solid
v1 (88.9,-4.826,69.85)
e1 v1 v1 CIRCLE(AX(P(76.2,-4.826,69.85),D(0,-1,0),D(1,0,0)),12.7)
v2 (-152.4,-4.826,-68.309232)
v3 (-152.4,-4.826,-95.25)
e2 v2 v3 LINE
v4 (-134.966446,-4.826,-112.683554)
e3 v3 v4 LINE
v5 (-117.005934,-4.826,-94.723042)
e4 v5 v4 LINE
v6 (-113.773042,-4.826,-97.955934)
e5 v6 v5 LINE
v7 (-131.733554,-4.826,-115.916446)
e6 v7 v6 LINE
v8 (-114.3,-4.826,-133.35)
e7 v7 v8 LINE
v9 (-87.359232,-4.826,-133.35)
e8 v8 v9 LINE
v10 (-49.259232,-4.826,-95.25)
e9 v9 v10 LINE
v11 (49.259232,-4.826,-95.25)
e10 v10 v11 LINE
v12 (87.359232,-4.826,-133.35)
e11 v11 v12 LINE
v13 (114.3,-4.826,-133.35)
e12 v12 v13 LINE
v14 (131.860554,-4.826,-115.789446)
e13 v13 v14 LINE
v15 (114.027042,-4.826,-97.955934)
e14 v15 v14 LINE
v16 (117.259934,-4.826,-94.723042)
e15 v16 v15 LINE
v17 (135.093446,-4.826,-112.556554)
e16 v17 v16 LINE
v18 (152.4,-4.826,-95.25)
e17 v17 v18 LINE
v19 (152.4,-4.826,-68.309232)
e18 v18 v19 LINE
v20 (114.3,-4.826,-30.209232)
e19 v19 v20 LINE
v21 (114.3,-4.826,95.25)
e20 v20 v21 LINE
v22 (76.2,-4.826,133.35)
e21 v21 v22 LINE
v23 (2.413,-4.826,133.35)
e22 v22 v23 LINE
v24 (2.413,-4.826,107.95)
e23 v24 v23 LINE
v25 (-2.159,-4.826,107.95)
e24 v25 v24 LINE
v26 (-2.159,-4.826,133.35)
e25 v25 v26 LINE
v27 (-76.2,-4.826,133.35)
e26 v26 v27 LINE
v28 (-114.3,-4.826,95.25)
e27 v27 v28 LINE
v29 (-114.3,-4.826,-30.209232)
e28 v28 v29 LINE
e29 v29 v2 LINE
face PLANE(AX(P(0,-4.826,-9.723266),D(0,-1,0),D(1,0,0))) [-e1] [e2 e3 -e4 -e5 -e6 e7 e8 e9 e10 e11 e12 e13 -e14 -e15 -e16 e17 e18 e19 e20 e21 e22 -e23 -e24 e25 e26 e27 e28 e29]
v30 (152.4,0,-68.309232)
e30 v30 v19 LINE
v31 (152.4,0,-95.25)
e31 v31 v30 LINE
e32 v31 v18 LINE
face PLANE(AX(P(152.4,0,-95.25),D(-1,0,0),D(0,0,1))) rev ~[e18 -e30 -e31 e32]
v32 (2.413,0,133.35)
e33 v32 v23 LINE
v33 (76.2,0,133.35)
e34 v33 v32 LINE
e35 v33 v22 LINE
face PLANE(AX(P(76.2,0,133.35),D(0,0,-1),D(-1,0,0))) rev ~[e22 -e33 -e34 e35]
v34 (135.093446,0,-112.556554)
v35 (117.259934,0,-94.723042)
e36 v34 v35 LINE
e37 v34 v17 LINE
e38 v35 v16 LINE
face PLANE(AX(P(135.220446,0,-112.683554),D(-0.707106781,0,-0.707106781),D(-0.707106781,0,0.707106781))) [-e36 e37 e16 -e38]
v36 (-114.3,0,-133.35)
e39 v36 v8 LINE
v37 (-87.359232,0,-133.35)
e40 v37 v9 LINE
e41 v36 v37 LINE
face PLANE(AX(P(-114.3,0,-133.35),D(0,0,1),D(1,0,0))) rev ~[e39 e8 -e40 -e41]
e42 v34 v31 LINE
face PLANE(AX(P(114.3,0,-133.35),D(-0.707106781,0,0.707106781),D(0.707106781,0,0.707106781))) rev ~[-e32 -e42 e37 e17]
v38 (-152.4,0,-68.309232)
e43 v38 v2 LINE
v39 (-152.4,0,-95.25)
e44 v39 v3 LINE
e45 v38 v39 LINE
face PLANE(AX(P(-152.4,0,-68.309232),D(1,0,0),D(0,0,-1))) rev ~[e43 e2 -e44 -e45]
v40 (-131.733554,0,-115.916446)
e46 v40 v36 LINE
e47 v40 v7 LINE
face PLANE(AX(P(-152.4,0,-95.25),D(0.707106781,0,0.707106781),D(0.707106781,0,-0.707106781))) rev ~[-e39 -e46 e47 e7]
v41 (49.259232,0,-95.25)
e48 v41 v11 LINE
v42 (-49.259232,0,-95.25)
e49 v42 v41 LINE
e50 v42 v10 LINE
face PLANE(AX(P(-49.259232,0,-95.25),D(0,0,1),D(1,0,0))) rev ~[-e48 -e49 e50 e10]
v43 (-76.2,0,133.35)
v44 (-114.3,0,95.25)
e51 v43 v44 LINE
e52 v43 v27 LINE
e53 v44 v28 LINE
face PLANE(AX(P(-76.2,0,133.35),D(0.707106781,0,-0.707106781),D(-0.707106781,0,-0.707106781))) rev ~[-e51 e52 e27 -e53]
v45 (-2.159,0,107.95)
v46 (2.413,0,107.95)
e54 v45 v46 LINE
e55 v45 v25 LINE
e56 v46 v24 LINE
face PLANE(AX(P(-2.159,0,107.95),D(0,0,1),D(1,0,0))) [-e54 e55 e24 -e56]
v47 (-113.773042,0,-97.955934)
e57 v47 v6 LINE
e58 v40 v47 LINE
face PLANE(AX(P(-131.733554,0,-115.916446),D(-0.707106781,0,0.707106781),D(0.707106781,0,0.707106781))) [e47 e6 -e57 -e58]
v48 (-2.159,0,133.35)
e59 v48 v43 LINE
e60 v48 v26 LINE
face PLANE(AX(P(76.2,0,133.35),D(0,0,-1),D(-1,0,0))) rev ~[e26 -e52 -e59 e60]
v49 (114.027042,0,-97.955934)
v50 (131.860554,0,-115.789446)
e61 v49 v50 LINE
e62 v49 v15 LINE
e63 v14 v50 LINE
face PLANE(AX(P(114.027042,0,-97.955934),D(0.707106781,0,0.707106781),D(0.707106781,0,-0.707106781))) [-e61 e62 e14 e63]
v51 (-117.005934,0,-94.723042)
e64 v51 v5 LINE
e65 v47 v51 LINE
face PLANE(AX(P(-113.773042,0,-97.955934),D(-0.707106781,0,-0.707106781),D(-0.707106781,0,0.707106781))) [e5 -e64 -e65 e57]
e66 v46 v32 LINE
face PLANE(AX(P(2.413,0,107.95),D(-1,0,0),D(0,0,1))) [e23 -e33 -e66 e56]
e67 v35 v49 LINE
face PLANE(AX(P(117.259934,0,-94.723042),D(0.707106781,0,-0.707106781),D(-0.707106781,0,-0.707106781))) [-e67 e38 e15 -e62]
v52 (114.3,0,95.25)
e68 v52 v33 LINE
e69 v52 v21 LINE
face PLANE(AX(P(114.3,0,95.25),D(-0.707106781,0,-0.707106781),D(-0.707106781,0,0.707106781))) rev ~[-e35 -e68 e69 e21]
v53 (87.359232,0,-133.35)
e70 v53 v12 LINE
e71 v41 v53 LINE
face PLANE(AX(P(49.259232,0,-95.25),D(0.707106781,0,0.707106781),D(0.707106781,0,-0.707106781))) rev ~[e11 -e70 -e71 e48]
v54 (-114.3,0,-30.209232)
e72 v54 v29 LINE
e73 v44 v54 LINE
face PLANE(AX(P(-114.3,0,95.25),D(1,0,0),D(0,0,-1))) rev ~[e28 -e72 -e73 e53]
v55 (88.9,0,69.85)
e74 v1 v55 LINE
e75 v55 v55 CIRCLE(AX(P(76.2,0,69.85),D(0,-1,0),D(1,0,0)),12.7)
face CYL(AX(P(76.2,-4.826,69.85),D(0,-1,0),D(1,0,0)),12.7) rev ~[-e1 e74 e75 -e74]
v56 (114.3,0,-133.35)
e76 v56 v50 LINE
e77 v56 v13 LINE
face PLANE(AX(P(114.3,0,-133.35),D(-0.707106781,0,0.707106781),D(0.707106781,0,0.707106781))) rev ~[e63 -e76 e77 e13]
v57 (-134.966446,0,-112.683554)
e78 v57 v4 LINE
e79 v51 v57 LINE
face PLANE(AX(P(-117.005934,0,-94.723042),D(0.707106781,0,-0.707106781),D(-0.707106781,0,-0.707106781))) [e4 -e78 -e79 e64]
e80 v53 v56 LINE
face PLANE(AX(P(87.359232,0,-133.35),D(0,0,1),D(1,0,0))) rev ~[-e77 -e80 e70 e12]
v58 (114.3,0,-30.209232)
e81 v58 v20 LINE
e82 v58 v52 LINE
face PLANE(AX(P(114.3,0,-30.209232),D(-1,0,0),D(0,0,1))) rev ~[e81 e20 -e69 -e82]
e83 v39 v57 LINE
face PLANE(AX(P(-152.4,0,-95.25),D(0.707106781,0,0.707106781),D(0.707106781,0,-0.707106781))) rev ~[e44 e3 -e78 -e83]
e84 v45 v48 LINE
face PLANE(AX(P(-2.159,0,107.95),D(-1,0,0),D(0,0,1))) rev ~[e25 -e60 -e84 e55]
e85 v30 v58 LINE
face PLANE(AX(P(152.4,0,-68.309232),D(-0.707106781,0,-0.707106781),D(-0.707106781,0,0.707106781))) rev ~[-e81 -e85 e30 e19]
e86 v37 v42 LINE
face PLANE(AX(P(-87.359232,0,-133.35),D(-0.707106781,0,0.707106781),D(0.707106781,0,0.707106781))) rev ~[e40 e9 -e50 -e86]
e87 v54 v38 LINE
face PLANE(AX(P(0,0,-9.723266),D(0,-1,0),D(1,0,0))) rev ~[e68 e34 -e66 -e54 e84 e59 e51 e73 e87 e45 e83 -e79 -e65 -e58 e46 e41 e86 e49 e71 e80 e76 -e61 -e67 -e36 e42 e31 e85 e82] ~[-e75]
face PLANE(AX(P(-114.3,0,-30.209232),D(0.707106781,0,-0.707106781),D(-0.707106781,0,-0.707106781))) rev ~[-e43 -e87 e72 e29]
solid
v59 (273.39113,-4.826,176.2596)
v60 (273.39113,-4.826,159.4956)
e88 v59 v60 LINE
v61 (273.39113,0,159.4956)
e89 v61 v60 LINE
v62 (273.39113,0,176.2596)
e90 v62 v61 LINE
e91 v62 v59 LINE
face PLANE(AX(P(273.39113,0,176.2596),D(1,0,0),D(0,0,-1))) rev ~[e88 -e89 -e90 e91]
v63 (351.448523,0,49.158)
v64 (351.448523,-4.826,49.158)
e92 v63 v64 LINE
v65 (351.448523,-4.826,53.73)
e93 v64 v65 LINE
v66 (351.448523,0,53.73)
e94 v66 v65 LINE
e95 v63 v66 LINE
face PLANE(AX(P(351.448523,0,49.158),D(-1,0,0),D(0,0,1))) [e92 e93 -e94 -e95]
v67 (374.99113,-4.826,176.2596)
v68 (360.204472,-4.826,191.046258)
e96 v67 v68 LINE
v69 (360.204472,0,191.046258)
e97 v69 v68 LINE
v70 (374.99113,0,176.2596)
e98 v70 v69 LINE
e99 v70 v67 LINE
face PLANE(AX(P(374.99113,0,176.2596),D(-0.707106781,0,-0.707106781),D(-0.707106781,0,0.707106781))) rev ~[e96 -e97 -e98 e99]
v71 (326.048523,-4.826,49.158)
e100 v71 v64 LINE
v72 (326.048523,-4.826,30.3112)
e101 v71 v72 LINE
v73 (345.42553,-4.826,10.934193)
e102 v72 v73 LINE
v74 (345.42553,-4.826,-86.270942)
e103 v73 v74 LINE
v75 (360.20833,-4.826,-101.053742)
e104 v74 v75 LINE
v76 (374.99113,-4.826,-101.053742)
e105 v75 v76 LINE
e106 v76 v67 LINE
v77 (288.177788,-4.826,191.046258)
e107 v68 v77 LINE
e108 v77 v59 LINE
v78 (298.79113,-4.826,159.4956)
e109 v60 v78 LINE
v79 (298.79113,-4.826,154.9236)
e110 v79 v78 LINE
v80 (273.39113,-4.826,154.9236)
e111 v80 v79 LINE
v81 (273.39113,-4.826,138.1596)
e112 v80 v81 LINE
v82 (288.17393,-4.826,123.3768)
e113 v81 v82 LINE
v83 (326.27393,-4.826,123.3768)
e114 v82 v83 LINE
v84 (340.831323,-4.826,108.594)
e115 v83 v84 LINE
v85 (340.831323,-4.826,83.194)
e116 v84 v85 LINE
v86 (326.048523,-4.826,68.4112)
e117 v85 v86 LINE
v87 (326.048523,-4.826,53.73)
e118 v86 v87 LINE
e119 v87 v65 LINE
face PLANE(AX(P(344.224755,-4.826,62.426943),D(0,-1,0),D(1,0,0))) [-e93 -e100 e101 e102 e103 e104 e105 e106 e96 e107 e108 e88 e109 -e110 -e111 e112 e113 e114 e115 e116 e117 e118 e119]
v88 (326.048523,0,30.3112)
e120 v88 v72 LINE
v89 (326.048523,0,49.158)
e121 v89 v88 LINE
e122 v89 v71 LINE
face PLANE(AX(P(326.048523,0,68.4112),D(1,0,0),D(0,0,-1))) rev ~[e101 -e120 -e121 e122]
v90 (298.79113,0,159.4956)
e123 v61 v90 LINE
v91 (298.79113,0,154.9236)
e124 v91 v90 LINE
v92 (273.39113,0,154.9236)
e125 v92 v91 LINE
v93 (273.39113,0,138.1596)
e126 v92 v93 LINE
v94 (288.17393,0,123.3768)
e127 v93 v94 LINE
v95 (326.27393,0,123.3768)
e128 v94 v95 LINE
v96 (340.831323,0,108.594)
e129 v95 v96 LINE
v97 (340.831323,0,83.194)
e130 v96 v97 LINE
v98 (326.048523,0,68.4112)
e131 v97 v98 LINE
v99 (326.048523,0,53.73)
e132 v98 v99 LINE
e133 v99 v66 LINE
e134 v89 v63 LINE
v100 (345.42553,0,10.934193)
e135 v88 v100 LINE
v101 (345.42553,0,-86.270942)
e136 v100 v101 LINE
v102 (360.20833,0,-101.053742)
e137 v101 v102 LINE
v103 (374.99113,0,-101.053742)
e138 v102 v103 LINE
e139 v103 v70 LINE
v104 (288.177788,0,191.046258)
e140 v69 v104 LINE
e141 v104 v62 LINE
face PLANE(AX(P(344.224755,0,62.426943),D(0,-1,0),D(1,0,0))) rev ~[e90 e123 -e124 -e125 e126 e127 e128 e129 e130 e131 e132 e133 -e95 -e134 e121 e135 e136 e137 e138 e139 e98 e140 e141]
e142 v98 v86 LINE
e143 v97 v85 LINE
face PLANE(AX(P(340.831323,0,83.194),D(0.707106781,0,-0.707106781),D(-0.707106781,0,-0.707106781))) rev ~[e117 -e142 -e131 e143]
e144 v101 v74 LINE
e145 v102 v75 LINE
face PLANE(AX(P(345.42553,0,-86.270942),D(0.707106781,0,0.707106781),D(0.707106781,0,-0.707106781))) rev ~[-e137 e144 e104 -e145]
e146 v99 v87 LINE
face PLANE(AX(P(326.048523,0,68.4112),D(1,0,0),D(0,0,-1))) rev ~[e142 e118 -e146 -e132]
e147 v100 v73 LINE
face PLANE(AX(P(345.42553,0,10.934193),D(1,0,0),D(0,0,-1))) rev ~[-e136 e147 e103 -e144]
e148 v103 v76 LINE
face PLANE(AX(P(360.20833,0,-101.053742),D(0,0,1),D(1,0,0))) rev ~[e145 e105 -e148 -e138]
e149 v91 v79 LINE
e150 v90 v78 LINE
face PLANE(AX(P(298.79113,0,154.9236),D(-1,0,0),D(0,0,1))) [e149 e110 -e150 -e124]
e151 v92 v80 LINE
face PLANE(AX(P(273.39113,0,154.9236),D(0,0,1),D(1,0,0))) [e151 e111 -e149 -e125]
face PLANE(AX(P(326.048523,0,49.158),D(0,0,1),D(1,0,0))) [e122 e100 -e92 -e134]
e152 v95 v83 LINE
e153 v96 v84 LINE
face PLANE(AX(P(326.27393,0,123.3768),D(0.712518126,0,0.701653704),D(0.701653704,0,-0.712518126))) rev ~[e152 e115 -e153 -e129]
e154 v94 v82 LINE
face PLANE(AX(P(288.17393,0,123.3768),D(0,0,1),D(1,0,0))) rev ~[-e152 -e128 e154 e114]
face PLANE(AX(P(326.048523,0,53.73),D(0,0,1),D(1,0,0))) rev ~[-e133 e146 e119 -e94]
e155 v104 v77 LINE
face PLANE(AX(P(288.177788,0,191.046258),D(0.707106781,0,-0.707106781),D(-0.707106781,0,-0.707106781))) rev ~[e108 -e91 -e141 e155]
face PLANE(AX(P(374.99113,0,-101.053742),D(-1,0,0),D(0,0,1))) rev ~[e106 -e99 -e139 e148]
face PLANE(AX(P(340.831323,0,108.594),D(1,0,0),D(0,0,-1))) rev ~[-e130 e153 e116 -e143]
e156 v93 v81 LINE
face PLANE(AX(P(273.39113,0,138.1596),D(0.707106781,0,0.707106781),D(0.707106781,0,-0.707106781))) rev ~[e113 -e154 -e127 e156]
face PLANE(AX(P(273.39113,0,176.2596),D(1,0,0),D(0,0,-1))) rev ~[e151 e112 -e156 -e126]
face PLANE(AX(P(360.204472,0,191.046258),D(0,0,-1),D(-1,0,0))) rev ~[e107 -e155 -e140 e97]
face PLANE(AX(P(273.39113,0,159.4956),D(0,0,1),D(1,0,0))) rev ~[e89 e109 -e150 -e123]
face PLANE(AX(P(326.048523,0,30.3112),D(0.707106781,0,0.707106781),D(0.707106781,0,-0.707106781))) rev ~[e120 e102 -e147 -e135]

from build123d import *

# Parameters (mm, degrees)
F1_DEPTH = 4.826
F3_DEPTH = 4.826
F4_W     = 4.572
F4_H     = 25.4
F4_W_2   = 25.4
F4_H_2   = 4.572
F5_DEPTH = 4.826
F6_R     = 12.7
F7_DEPTH = 4.827


with BuildPart() as f1:
    # F0 (on Front) → F1 (new body)
    with BuildSketch(Plane.XZ):
        Polygon((114.3, 95.25), (76.2, 133.35), (-76.2, 133.35), (-114.3, 95.25), (-114.3, -30.209232), (-152.4, -68.309232), (-152.4, -95.25), (-114.3, -133.35), (-87.359232, -133.35), (-49.259232, -95.25), (49.259232, -95.25), (87.359232, -133.35), (114.3, -133.35), (152.4, -95.25), (152.4, -68.309232), (114.3, -30.209232), align=None)
    extrude(amount=F1_DEPTH)


with BuildPart() as f3:
    # F2 (on Front) → F3 (new body)
    with BuildSketch(Plane.XZ):
        Polygon((374.99113, 176.2596), (360.204472, 191.046258), (288.177788, 191.046258), (273.39113, 176.2596), (273.39113, 138.1596), (288.17393, 123.3768), (326.27393, 123.3768), (340.831323, 108.594), (340.831323, 83.194), (326.048523, 68.4112), (326.048523, 30.3112), (345.42553, 10.934193), (345.42553, -86.270942), (360.20833, -101.053742), (374.99113, -101.053742), align=None)
    extrude(amount=F3_DEPTH)


with BuildPart() as f5_tool:
    # F4 (on Front) → F5 (new body, through all)
    with BuildSketch(Plane.XZ):
        with Locations((0.127, 120.65)):
            Rectangle(F4_W, F4_H)
        Polygon((-134.966446, -112.683554), (-131.733554, -115.916446), (-113.773042, -97.955934), (-117.005934, -94.723042), align=None)
        Polygon((114.027042, -97.955934), (131.860554, -115.789446), (135.093446, -112.556554), (117.259934, -94.723042), align=None)
        Polygon((135.093446, -112.556554), (131.860554, -115.789446), (131.987554, -115.916446), (135.220446, -112.683554), align=None)
        with Locations((286.09113, 157.2096)):
            Rectangle(F4_W_2, F4_H_2)
        with Locations((338.748523, 51.444)):
            Rectangle(F4_W_2, F4_H_2)
    extrude(amount=F5_DEPTH)


with BuildPart() as f1_1:
    add(f1.part)

    # F5: cut by f5_tool
    add(f5_tool.part, mode=Mode.SUBTRACT)

    # F6 (on face) → F7 (cut, through all)
    with BuildSketch(Plane.XZ.offset(4.826)):
        with Locations((76.2, 69.85)):
            Circle(F6_R)
    extrude(amount=-F7_DEPTH, mode=Mode.SUBTRACT)


with BuildPart() as f3_1:
    add(f3.part)

    # F5: cut by f5_tool
    add(f5_tool.part, mode=Mode.SUBTRACT)


solid = Compound([f1_1.part, f3_1.part])
